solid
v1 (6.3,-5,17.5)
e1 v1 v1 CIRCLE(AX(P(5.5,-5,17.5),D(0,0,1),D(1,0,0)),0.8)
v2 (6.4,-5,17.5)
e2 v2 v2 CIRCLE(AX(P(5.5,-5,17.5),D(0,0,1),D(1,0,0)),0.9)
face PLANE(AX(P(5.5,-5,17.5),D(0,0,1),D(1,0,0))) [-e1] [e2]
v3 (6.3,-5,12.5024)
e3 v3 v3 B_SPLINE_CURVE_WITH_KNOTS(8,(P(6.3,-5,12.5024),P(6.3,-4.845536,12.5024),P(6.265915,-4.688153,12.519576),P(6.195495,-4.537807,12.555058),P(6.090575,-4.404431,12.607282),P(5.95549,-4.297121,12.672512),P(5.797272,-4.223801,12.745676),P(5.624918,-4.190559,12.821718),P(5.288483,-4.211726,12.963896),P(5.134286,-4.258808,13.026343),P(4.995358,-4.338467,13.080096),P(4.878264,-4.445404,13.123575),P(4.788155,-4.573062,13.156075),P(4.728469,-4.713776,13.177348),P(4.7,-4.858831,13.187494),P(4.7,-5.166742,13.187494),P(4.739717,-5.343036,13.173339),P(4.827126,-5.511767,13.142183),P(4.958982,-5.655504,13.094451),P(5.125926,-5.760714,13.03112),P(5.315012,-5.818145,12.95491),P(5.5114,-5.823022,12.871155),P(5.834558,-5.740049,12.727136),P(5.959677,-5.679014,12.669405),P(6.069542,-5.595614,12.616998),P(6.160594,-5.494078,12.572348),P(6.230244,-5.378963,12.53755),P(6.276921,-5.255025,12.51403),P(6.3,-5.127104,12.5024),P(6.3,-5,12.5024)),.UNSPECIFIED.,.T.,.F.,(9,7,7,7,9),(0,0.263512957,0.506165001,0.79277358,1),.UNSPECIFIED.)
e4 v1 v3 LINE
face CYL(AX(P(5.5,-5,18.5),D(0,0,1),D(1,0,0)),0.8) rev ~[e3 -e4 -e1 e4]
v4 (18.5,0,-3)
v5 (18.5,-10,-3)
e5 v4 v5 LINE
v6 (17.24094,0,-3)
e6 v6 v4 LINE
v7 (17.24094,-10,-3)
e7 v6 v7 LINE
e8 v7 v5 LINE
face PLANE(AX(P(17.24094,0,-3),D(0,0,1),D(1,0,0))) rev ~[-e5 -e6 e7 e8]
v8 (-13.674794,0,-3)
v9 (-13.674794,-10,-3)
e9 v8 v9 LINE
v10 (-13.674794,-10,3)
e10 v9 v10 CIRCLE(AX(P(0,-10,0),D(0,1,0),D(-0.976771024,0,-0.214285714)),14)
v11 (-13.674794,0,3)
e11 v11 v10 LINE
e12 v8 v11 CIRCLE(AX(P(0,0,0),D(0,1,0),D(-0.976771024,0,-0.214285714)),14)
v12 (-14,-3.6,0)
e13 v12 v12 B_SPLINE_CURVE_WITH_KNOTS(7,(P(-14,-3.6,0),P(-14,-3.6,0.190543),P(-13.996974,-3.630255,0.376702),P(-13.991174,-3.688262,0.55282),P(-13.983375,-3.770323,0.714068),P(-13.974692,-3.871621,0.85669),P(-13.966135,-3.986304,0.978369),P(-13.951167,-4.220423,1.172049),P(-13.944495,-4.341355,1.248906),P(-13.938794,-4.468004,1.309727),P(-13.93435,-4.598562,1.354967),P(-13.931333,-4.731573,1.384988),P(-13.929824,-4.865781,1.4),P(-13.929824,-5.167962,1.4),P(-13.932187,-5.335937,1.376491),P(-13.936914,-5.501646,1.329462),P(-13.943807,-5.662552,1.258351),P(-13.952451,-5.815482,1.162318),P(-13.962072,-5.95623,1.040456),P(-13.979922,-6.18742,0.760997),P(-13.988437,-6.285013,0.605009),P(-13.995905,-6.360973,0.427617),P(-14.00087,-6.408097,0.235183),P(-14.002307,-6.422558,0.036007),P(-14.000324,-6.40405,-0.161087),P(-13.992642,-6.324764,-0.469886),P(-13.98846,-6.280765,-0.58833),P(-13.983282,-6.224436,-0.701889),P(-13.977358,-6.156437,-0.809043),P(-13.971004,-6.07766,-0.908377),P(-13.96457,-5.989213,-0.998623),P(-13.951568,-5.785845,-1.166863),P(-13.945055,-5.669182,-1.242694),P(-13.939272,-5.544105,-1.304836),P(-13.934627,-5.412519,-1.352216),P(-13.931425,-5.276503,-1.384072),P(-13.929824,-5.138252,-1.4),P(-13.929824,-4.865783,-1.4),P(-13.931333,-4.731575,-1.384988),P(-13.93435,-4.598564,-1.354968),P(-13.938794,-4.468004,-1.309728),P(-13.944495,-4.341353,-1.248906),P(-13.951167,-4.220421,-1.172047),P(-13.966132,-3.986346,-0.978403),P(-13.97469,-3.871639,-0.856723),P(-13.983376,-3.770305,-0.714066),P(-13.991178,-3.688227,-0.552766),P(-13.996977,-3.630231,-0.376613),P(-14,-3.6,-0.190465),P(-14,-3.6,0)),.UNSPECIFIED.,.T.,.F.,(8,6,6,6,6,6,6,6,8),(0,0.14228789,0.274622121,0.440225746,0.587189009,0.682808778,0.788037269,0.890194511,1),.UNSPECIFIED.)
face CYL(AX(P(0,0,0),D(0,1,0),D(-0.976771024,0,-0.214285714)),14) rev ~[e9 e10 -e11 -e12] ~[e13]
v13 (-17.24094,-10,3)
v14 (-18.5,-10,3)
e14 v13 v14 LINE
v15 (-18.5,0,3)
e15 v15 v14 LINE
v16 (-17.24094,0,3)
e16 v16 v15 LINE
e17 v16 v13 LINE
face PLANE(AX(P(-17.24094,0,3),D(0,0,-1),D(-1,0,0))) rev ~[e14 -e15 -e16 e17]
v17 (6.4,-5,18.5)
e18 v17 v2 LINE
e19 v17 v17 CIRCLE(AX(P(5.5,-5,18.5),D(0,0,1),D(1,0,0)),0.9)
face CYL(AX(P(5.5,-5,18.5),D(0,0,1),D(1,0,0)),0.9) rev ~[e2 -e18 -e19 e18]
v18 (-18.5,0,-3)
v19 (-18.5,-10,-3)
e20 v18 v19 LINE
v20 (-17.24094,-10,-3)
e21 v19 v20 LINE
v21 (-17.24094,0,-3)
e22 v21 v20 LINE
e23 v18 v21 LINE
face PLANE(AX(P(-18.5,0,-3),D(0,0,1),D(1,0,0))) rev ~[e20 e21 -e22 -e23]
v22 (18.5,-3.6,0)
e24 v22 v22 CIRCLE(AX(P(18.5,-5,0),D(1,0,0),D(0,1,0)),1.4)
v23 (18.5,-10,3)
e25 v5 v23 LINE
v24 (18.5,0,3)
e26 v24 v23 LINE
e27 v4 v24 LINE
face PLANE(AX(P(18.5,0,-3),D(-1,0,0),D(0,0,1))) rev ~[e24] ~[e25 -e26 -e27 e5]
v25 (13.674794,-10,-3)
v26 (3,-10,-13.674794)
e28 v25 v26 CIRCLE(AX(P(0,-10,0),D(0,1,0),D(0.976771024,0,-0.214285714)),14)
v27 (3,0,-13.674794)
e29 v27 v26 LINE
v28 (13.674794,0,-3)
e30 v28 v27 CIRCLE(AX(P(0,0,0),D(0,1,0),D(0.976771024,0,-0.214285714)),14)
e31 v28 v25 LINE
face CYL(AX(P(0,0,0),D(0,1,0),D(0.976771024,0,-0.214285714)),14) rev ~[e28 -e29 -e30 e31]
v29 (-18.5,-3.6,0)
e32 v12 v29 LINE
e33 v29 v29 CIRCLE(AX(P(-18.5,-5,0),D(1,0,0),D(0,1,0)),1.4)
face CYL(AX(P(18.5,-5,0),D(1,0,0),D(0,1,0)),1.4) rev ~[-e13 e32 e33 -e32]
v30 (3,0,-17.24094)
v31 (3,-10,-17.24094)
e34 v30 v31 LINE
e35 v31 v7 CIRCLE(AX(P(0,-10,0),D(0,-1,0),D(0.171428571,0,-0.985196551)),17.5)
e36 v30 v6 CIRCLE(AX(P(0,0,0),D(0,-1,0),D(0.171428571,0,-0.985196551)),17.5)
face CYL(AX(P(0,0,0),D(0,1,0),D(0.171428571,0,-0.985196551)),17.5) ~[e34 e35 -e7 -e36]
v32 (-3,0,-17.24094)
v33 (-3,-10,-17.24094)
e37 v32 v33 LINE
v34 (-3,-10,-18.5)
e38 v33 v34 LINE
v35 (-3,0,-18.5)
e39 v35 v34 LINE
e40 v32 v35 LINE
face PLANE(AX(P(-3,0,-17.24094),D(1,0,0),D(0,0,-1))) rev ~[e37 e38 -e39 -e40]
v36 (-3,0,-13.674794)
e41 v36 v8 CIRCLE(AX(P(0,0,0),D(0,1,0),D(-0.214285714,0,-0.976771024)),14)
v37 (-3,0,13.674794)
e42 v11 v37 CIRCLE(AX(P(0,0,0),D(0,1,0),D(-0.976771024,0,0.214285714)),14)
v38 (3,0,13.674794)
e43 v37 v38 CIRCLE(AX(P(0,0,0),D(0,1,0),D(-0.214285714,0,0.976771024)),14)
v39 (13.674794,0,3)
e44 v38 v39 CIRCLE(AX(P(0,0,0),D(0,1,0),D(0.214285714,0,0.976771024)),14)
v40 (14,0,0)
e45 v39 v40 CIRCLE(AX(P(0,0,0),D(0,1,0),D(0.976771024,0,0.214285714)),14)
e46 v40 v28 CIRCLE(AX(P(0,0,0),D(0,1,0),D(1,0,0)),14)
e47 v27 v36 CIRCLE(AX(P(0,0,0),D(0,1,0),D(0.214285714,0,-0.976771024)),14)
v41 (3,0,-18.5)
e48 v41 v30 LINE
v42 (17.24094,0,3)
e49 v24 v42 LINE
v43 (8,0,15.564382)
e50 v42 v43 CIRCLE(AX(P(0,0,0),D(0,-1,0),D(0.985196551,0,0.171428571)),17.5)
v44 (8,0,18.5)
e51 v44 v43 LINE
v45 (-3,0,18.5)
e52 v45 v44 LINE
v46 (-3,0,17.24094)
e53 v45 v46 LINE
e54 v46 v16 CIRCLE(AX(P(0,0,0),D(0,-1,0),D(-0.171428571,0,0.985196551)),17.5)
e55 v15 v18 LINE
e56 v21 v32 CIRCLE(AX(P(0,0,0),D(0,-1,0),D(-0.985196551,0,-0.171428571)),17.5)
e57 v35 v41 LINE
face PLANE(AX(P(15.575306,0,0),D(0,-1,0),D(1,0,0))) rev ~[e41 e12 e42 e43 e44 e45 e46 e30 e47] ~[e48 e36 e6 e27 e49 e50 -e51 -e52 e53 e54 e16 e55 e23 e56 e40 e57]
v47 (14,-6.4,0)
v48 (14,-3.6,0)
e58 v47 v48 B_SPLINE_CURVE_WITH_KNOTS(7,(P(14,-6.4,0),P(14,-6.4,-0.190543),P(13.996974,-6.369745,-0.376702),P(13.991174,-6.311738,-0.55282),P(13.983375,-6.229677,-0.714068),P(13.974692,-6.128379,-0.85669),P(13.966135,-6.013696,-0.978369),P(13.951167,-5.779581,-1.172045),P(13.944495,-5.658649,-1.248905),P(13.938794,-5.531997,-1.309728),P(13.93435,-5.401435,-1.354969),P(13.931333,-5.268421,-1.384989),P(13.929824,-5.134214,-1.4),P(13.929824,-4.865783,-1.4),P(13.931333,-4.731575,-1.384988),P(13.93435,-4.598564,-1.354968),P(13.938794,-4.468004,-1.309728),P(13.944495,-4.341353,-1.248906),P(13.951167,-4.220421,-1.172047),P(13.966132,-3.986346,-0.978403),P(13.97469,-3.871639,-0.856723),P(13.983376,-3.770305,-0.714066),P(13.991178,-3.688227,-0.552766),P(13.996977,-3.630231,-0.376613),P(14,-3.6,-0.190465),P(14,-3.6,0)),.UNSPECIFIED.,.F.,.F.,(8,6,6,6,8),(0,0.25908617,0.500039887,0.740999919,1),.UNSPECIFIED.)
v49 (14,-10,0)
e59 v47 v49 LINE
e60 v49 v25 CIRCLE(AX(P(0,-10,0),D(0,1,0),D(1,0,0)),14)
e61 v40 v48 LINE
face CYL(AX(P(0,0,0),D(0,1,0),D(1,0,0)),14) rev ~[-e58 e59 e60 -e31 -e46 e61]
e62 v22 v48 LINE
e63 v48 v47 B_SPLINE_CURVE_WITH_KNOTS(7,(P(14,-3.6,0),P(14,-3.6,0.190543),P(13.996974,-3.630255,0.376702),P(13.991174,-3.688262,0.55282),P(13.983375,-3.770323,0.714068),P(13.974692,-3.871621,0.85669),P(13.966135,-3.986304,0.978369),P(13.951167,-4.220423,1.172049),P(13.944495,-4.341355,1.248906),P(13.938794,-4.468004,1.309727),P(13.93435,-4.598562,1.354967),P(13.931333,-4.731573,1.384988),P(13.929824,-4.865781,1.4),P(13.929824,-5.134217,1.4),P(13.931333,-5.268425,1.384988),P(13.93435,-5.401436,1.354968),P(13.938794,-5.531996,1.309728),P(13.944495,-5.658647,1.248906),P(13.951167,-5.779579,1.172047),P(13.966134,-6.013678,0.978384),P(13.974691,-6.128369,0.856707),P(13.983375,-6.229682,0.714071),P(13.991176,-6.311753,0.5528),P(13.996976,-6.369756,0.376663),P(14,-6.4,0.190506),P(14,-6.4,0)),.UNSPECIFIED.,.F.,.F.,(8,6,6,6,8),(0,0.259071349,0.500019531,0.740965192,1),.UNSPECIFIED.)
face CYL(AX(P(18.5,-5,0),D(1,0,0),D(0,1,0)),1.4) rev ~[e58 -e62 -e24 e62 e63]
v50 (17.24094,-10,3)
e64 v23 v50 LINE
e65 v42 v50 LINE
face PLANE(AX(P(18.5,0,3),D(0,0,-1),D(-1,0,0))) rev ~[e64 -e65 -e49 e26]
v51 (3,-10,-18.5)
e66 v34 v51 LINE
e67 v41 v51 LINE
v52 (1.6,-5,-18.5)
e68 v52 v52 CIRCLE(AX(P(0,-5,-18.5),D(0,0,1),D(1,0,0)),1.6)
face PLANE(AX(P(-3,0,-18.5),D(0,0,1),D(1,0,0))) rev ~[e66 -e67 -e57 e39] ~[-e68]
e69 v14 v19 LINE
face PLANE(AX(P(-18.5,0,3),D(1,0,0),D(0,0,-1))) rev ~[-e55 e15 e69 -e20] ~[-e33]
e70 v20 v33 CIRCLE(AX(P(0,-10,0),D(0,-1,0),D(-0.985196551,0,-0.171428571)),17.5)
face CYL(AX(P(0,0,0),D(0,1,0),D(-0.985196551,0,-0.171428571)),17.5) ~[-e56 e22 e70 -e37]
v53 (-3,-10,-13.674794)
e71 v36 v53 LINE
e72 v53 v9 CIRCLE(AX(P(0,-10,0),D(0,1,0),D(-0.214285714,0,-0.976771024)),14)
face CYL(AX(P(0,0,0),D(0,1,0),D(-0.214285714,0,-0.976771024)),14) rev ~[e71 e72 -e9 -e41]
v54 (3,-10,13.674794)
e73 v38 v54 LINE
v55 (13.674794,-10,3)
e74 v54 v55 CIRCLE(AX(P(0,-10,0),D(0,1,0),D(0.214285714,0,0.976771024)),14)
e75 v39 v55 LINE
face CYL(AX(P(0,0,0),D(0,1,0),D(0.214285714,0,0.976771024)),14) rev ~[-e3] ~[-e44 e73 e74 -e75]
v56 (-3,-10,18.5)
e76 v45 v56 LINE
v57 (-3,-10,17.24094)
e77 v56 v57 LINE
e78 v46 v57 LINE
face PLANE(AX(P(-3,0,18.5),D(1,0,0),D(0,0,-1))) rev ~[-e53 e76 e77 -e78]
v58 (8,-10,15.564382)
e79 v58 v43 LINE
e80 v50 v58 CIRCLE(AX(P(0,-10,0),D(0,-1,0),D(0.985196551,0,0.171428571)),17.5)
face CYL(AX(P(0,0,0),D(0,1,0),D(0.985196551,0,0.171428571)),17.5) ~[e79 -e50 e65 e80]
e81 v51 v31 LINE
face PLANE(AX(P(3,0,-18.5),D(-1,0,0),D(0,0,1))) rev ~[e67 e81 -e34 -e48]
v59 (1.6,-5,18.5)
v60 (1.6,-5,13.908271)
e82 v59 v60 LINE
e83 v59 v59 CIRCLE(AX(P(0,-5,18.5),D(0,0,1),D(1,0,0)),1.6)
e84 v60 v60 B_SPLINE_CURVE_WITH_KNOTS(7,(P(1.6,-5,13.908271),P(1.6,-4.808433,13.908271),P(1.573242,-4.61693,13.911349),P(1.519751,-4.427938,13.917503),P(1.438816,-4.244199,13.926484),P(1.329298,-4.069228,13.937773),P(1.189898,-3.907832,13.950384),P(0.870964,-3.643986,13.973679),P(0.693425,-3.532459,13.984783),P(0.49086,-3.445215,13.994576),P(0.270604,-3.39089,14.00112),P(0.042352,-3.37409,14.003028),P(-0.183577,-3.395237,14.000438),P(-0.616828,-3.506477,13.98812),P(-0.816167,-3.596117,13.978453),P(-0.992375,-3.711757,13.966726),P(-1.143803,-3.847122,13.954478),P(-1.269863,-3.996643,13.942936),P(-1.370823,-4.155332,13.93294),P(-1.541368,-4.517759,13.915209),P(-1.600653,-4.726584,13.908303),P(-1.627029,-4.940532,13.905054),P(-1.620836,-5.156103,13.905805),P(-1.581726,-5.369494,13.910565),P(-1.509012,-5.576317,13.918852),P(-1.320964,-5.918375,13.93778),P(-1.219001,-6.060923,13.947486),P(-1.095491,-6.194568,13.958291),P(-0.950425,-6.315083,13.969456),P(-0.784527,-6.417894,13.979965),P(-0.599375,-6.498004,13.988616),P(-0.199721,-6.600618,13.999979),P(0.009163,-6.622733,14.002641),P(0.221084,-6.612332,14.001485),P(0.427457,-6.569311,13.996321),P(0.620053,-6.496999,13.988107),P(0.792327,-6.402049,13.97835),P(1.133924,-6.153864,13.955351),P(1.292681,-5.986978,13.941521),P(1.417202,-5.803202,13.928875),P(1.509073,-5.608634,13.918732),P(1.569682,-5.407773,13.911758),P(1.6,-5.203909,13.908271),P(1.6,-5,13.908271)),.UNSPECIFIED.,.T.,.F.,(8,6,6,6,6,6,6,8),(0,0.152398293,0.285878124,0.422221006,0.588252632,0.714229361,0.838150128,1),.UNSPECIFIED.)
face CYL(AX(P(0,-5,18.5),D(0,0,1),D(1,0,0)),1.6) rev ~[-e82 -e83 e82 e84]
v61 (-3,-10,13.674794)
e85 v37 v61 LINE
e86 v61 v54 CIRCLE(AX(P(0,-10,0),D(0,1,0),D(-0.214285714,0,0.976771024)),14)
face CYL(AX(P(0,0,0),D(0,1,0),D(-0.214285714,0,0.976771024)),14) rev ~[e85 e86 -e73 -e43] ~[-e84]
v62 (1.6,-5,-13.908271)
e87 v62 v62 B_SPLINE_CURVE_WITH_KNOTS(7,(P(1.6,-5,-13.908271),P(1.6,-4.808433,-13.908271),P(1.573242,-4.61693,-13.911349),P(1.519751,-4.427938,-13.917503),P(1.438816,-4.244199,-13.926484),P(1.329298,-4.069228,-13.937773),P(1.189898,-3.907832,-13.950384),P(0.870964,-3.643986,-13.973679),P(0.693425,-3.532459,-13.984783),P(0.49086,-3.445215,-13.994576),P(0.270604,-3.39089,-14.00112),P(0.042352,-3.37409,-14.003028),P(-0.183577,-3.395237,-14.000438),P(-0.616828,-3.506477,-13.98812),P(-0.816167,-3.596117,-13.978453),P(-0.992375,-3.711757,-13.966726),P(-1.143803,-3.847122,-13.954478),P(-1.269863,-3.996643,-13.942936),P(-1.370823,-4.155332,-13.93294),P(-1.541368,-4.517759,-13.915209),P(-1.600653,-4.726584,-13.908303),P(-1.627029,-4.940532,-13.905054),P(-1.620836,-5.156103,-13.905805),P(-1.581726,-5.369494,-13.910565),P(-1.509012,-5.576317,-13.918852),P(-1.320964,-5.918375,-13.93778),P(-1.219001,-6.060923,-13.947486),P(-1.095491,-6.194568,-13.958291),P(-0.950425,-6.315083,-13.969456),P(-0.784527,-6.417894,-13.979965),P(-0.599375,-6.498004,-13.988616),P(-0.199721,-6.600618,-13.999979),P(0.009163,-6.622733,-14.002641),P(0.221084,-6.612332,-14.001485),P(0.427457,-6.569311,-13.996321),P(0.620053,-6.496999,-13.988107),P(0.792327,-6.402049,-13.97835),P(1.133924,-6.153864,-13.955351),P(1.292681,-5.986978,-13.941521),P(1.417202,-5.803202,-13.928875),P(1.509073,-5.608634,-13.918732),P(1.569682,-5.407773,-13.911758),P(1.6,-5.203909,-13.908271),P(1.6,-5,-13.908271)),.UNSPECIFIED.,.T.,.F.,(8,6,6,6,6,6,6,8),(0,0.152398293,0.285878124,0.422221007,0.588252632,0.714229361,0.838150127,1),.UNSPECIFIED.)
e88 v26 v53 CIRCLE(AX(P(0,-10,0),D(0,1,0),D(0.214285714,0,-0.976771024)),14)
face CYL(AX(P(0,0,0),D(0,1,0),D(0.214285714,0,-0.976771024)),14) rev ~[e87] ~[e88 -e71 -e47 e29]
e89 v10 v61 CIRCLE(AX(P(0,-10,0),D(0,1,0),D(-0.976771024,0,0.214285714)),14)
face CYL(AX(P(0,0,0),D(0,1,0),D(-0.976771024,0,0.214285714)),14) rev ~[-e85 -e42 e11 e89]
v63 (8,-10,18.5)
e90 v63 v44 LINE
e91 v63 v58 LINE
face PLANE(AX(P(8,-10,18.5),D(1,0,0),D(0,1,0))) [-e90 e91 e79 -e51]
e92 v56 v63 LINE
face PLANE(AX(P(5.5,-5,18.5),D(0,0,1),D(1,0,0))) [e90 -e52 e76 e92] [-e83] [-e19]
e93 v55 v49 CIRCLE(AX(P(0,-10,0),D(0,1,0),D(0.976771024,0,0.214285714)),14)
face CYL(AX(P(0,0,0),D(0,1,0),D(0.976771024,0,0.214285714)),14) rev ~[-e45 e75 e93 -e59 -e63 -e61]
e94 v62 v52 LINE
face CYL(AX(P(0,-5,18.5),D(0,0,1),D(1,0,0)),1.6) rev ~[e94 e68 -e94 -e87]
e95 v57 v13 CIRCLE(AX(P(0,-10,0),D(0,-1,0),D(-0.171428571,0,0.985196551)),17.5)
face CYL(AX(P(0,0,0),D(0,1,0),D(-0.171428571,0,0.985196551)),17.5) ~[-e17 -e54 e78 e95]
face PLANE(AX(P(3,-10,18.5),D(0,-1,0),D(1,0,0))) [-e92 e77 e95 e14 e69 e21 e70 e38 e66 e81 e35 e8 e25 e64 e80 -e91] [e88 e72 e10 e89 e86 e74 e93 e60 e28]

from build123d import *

# Parameters (mm, degrees)
F1_DEPTH  = 10
F2_R      = 1.6
F3_DEPTH  = 40
F4_R      = 1.4
F5_DEPTH  = 40
F6_W      = 5
F6_H      = 10
F7_DEPTH  = 4
F8_R      = 0.8
F9_DEPTH  = 7
F10_R     = 0.9
F11_DEPTH = 1


with BuildPart() as f1:
    # F0 (on Front) → F1 (new body)
    with BuildSketch(Plane.XZ):
        with BuildLine():
            ThreePointArc((13.6747943312, 3), (13.9184611333, 1.5087874873), (14, 0))
            ThreePointArc((14, 0), (13.9184611333, -1.5087874873), (13.6747943312, -3))
            Line((13.6747943312, -3), (17.2409396496, -3))
            ThreePointArc((17.2409396496, -3), (17.4351146235, -1.5055823014), (17.5, 0))
            ThreePointArc((17.5, 0), (17.4351146235, 1.5055823014), (17.2409396496, 3))
            Line((17.2409396496, 3), (13.6747943312, 3))
        make_face()
        with BuildLine():
            ThreePointArc((3, 13.6747943312), (9.8994949366, 9.8994949366), (13.6747943312, 3))
            Line((13.6747943312, 3), (17.2409396496, 3))
            ThreePointArc((17.2409396496, 3), (12.3743686708, 12.3743686708), (3, 17.2409396496))
            Line((3, 17.2409396496), (3, 13.6747943312))
        make_face()
        with BuildLine():
            Line((17.2409396496, -3), (13.6747943312, -3))
            ThreePointArc((13.6747943312, -3), (9.8994949366, -9.8994949366), (3, -13.6747943312))
            Line((3, -13.6747943312), (3, -17.2409396496))
            ThreePointArc((3, -17.2409396496), (12.3743686708, -12.3743686708), (17.2409396496, -3))
        make_face()
        with BuildLine():
            ThreePointArc((-3, 13.6747943312), (0, 14), (3, 13.6747943312))
            Line((3, 13.6747943312), (3, 17.2409396496))
            ThreePointArc((3, 17.2409396496), (0, 17.5), (-3, 17.2409396496))
            Line((-3, 17.2409396496), (-3, 13.6747943312))
        make_face()
        with BuildLine():
            Line((18.5, 3), (17.2409396496, 3))
            ThreePointArc((17.2409396496, 3), (17.4351146235, 1.5055823014), (17.5, 0))
            ThreePointArc((17.5, 0), (17.4351146235, -1.5055823014), (17.2409396496, -3))
            Line((17.2409396496, -3), (18.5, -3))
            Line((18.5, -3), (18.5, 3))
        make_face()
        with BuildLine():
            Line((3, -17.2409396496), (3, -13.6747943312))
            ThreePointArc((3, -13.6747943312), (0, -14), (-3, -13.6747943312))
            Line((-3, -13.6747943312), (-3, -17.2409396496))
            ThreePointArc((-3, -17.2409396496), (0, -17.5), (3, -17.2409396496))
        make_face()
        with BuildLine():
            ThreePointArc((-13.6747943312, 3), (-9.8994949366, 9.8994949366), (-3, 13.6747943312))
            Line((-3, 13.6747943312), (-3, 17.2409396496))
            ThreePointArc((-3, 17.2409396496), (-12.3743686708, 12.3743686708), (-17.2409396496, 3))
            Line((-17.2409396496, 3), (-13.6747943312, 3))
        make_face()
        with BuildLine():
            ThreePointArc((-3, 17.2409396496), (0, 17.5), (3, 17.2409396496))
            Line((3, 17.2409396496), (3, 18.5))
            Line((3, 18.5), (-3, 18.5))
            Line((-3, 18.5), (-3, 17.2409396496))
        make_face()
        with BuildLine():
            Line((-3, -17.2409396496), (-3, -13.6747943312))
            ThreePointArc((-3, -13.6747943312), (-9.8994949366, -9.8994949366), (-13.6747943312, -3))
            Line((-13.6747943312, -3), (-17.2409396496, -3))
            ThreePointArc((-17.2409396496, -3), (-12.3743686708, -12.3743686708), (-3, -17.2409396496))
        make_face()
        with BuildLine():
            Line((3, -18.5), (3, -17.2409396496))
            ThreePointArc((3, -17.2409396496), (0, -17.5), (-3, -17.2409396496))
            Line((-3, -17.2409396496), (-3, -18.5))
            Line((-3, -18.5), (3, -18.5))
        make_face()
        with BuildLine():
            ThreePointArc((-13.6747943312, -3), (-14, 0), (-13.6747943312, 3))
            Line((-13.6747943312, 3), (-17.2409396496, 3))
            ThreePointArc((-17.2409396496, 3), (-17.5, 0), (-17.2409396496, -3))
            Line((-17.2409396496, -3), (-13.6747943312, -3))
        make_face()
        with BuildLine():
            ThreePointArc((-17.2409396496, -3), (-17.5, 0), (-17.2409396496, 3))
            Line((-17.2409396496, 3), (-18.5, 3))
            Line((-18.5, 3), (-18.5, -3))
            Line((-18.5, -3), (-17.2409396496, -3))
        make_face()
    extrude(amount=F1_DEPTH)

    # F2 (on face) → F3 (cut)
    with BuildSketch(Plane.XY.offset(18.5)):
        with Locations((0, -5)):
            Circle(F2_R)
    extrude(amount=-F3_DEPTH, mode=Mode.SUBTRACT)

    # F4 (on face) → F5 (cut)
    with BuildSketch(Plane.YZ.offset(18.5)):
        with Locations((-5, 0)):
            Circle(F4_R)
    extrude(amount=-F5_DEPTH, mode=Mode.SUBTRACT)

    # F6 (on face) → F7 (join)
    with BuildSketch(Plane.XY.offset(18.5)):
        with Locations((5.5, -5)):
            Rectangle(F6_W, F6_H)
    extrude(amount=-F7_DEPTH)

    # F8 (on face) → F9 (cut)
    with BuildSketch(Plane.XY.offset(18.5)):
        with Locations((5.5, -5)):
            Circle(F8_R)
    extrude(amount=-F9_DEPTH, mode=Mode.SUBTRACT)

    # F10 (on face) → F11 (cut)
    with BuildSketch(Plane.XY.offset(18.5)):
        with Locations((5.5, -5)):
            Circle(F10_R)
    extrude(amount=-F11_DEPTH, mode=Mode.SUBTRACT)


solid = f1.part
